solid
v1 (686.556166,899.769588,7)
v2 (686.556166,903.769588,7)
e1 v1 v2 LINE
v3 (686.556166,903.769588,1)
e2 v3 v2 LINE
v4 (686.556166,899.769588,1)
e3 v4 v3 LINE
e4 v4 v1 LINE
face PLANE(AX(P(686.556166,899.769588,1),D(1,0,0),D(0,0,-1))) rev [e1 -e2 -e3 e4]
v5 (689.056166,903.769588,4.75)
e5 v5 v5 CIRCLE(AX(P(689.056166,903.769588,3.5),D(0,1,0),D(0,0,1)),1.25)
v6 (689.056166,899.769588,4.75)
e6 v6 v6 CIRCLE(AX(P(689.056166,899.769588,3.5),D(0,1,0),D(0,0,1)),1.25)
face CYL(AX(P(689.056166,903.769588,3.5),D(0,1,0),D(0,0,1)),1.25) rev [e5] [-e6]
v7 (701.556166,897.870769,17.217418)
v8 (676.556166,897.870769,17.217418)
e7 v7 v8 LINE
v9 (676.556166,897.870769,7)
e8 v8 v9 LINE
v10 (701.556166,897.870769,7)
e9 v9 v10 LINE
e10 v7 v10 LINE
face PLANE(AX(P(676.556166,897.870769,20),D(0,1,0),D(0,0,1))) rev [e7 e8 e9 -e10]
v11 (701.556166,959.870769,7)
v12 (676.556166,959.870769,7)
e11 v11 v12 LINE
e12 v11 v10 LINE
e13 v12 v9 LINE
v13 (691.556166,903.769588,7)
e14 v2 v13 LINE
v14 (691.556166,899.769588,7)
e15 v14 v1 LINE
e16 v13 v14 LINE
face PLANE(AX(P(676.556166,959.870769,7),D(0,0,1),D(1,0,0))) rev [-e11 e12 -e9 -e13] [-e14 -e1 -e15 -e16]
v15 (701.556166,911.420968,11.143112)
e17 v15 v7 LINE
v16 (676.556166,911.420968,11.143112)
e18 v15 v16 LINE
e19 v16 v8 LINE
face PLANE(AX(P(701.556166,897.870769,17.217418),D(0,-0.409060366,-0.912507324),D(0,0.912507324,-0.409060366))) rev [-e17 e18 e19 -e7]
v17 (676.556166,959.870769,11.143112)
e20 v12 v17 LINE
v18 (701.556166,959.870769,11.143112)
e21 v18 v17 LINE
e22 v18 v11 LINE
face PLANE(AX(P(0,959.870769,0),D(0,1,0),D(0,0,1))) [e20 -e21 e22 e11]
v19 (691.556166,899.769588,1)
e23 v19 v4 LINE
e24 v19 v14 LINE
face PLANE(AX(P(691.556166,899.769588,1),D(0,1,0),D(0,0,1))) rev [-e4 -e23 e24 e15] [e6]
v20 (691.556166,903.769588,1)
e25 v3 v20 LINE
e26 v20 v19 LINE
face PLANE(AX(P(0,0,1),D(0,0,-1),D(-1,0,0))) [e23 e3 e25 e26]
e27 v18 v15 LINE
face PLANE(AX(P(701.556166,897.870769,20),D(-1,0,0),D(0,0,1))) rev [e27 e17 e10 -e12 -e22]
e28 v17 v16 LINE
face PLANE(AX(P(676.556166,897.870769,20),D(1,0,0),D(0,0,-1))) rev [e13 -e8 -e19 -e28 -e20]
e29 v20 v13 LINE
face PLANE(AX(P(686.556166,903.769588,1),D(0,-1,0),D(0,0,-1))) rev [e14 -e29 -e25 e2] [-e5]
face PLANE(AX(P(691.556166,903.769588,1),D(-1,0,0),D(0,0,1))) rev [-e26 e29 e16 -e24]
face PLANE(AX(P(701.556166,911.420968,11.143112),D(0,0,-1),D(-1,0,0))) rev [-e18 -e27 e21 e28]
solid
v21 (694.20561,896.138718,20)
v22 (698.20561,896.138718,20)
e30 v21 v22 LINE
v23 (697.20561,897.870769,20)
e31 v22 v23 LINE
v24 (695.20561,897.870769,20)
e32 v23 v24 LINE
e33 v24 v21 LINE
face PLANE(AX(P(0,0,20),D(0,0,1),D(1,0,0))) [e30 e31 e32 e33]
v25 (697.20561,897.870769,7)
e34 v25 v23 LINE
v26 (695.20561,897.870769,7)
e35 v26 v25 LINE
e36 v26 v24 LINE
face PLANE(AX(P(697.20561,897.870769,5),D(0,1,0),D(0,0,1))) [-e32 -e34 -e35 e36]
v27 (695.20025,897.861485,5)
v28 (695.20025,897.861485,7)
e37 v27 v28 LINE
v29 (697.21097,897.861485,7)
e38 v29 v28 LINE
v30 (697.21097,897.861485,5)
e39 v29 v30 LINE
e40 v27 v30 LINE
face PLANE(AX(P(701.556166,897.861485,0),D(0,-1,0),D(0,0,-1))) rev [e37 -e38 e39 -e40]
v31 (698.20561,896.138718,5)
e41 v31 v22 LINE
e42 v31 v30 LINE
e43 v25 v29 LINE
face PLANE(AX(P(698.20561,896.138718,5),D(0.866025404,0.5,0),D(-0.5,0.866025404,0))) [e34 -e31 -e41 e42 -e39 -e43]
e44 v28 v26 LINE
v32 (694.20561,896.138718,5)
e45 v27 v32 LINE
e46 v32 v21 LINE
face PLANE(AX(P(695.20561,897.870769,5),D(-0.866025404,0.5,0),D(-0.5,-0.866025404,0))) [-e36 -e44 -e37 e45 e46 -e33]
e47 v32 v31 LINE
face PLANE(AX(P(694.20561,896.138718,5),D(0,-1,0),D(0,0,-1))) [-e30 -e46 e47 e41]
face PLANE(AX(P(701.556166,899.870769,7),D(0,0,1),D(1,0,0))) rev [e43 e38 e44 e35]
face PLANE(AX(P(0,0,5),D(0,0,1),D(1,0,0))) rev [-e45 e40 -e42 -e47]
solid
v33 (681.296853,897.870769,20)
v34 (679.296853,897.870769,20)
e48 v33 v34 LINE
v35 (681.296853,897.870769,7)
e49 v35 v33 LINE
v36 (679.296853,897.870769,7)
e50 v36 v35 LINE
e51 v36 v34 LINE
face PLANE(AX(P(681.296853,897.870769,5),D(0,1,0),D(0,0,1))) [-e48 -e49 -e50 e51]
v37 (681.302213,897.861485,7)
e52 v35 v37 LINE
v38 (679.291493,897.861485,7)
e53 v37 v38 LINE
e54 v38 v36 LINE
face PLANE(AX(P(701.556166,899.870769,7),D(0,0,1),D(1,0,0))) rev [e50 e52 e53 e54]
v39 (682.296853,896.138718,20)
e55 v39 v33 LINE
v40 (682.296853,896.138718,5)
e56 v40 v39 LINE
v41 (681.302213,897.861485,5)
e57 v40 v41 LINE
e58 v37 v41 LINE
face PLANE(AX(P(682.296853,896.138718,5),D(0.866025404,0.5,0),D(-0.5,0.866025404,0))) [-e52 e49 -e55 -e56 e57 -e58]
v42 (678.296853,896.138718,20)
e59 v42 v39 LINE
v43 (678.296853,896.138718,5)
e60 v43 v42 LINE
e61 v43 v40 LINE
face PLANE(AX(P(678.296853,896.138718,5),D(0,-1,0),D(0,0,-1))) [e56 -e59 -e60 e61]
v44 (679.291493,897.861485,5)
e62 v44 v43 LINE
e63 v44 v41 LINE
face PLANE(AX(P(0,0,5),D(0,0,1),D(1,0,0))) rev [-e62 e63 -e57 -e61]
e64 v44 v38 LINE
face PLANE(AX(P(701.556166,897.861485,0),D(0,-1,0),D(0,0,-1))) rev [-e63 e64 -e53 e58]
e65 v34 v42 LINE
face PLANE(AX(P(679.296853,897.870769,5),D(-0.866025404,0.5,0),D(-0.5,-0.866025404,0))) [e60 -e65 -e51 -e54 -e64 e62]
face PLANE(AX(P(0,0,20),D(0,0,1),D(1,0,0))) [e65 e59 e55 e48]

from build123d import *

# Parameters (mm, degrees)
SKETCH1_W             = 25
SKETCH1_H             = 2
BOSS_EXTRUDE1_DEPTH   = 20
BOSS_EXTRUDE2_DEPTH   = 15
BOSS_EXTRUDE2_2_DEPTH = 15
SKETCH4_W             = 25
SKETCH4_H             = 13
BOSS_EXTRUDE3_DEPTH   = 60
CUT_EXTRUDE1_DEPTH    = 25
SKETCH6_W             = 7
SKETCH6_H             = 2.009284039
CUT_EXTRUDE3_DEPTH    = 25
SKETCH8_W             = 5
SKETCH8_H             = 4
BOSS_EXTRUDE5_DEPTH   = 6
SKETCH11_W            = 1.25
SKETCH11_H            = 7.630869725


with BuildPart() as part:
    # Sketch1 → Boss-Extrude1 (new body)
    with BuildSketch(Plane.XY):
        with Locations((689.05616553, 898.870768954)):
            Rectangle(SKETCH1_W, SKETCH1_H)
    extrude(amount=BOSS_EXTRUDE1_DEPTH)

    # Sketch4 → Boss-Extrude3 (add)
    with BuildSketch(Plane(origin=(0, 899.870768954, 0), x_dir=(1, 0, 0), z_dir=(0, 1, 0))):
        with Locations((689.05616553, -13.5)):
            Rectangle(SKETCH4_W, SKETCH4_H)
    extrude(amount=BOSS_EXTRUDE3_DEPTH)

    # Sketch5 → Cut-Extrude1 (cut)
    with BuildSketch(Plane.ZY.offset(-676.55616553)):
        Polygon((11.143111538, 959.870768954), (20, 959.870768954), (20, 897.870768954), (17.217418277, 897.870768954), (11.143111538, 911.420968004), align=None)
    extrude(amount=-CUT_EXTRUDE1_DEPTH, mode=Mode.SUBTRACT)


with BuildPart() as body_2:
    # Sketch2 → Boss-Extrude2 (new body)
    with BuildSketch(Plane.XY.offset(20)):
        Polygon((679.296852935, 897.870768954), (678.296852935, 896.138718147), (682.296852935, 896.138718147), (681.296852935, 897.870768954), align=None)
    extrude(amount=-BOSS_EXTRUDE2_DEPTH)


with BuildPart() as body_3:
    # Sketch2 → Boss-Extrude2 2 (new body)
    with BuildSketch(Plane.XY.offset(20)):
        Polygon((697.20561018, 897.870768954), (695.20561018, 897.870768954), (694.20561018, 896.138718147), (698.20561018, 896.138718147), align=None)
    extrude(amount=-BOSS_EXTRUDE2_2_DEPTH)


with BuildPart() as cut_extrude3_tool:
    # Sketch6 → Cut-Extrude3 (new body)
    with BuildSketch(Plane.ZY.offset(-676.55616553)):
        with Locations((3.5, 898.866126935)):
            Rectangle(SKETCH6_W, SKETCH6_H)
    extrude(amount=-CUT_EXTRUDE3_DEPTH)


with BuildPart() as part_1:
    add(part.part)

    # Cut-Extrude3: cut by cut_extrude3_tool
    add(cut_extrude3_tool.part, mode=Mode.SUBTRACT)

    # Sketch8 → Boss-Extrude5 (add)
    with BuildSketch(Plane(origin=(0, 0, 7), x_dir=(-1, 0, 0), z_dir=(0, 0, -1))):
        with Locations((-689.05616553, 901.769587872)):
            Rectangle(SKETCH8_W, SKETCH8_H)
    extrude(amount=BOSS_EXTRUDE5_DEPTH)

    # Sketch11 → Ø2.5 (2.5) Diameter Hole1 (revolve, cut)
    with BuildSketch(Plane(origin=(689.05616553, 903.769587872, 3.5), x_dir=(0, 0, 1), z_dir=(1, 0, 0))):
        with Locations((0.625, 3.815434863)):
            Rectangle(SKETCH11_W, SKETCH11_H)
    revolve(axis=Axis((689.05616553, 910.119587872, 3.5), (0, -1, 0)), mode=Mode.SUBTRACT)


with BuildPart() as body_2_1:
    add(body_2.part)

    # Cut-Extrude3: cut by cut_extrude3_tool
    add(cut_extrude3_tool.part, mode=Mode.SUBTRACT)


with BuildPart() as body_3_1:
    add(body_3.part)

    # Cut-Extrude3: cut by cut_extrude3_tool
    add(cut_extrude3_tool.part, mode=Mode.SUBTRACT)


solid = Compound([part_1.part, body_2_1.part, body_3_1.part])
